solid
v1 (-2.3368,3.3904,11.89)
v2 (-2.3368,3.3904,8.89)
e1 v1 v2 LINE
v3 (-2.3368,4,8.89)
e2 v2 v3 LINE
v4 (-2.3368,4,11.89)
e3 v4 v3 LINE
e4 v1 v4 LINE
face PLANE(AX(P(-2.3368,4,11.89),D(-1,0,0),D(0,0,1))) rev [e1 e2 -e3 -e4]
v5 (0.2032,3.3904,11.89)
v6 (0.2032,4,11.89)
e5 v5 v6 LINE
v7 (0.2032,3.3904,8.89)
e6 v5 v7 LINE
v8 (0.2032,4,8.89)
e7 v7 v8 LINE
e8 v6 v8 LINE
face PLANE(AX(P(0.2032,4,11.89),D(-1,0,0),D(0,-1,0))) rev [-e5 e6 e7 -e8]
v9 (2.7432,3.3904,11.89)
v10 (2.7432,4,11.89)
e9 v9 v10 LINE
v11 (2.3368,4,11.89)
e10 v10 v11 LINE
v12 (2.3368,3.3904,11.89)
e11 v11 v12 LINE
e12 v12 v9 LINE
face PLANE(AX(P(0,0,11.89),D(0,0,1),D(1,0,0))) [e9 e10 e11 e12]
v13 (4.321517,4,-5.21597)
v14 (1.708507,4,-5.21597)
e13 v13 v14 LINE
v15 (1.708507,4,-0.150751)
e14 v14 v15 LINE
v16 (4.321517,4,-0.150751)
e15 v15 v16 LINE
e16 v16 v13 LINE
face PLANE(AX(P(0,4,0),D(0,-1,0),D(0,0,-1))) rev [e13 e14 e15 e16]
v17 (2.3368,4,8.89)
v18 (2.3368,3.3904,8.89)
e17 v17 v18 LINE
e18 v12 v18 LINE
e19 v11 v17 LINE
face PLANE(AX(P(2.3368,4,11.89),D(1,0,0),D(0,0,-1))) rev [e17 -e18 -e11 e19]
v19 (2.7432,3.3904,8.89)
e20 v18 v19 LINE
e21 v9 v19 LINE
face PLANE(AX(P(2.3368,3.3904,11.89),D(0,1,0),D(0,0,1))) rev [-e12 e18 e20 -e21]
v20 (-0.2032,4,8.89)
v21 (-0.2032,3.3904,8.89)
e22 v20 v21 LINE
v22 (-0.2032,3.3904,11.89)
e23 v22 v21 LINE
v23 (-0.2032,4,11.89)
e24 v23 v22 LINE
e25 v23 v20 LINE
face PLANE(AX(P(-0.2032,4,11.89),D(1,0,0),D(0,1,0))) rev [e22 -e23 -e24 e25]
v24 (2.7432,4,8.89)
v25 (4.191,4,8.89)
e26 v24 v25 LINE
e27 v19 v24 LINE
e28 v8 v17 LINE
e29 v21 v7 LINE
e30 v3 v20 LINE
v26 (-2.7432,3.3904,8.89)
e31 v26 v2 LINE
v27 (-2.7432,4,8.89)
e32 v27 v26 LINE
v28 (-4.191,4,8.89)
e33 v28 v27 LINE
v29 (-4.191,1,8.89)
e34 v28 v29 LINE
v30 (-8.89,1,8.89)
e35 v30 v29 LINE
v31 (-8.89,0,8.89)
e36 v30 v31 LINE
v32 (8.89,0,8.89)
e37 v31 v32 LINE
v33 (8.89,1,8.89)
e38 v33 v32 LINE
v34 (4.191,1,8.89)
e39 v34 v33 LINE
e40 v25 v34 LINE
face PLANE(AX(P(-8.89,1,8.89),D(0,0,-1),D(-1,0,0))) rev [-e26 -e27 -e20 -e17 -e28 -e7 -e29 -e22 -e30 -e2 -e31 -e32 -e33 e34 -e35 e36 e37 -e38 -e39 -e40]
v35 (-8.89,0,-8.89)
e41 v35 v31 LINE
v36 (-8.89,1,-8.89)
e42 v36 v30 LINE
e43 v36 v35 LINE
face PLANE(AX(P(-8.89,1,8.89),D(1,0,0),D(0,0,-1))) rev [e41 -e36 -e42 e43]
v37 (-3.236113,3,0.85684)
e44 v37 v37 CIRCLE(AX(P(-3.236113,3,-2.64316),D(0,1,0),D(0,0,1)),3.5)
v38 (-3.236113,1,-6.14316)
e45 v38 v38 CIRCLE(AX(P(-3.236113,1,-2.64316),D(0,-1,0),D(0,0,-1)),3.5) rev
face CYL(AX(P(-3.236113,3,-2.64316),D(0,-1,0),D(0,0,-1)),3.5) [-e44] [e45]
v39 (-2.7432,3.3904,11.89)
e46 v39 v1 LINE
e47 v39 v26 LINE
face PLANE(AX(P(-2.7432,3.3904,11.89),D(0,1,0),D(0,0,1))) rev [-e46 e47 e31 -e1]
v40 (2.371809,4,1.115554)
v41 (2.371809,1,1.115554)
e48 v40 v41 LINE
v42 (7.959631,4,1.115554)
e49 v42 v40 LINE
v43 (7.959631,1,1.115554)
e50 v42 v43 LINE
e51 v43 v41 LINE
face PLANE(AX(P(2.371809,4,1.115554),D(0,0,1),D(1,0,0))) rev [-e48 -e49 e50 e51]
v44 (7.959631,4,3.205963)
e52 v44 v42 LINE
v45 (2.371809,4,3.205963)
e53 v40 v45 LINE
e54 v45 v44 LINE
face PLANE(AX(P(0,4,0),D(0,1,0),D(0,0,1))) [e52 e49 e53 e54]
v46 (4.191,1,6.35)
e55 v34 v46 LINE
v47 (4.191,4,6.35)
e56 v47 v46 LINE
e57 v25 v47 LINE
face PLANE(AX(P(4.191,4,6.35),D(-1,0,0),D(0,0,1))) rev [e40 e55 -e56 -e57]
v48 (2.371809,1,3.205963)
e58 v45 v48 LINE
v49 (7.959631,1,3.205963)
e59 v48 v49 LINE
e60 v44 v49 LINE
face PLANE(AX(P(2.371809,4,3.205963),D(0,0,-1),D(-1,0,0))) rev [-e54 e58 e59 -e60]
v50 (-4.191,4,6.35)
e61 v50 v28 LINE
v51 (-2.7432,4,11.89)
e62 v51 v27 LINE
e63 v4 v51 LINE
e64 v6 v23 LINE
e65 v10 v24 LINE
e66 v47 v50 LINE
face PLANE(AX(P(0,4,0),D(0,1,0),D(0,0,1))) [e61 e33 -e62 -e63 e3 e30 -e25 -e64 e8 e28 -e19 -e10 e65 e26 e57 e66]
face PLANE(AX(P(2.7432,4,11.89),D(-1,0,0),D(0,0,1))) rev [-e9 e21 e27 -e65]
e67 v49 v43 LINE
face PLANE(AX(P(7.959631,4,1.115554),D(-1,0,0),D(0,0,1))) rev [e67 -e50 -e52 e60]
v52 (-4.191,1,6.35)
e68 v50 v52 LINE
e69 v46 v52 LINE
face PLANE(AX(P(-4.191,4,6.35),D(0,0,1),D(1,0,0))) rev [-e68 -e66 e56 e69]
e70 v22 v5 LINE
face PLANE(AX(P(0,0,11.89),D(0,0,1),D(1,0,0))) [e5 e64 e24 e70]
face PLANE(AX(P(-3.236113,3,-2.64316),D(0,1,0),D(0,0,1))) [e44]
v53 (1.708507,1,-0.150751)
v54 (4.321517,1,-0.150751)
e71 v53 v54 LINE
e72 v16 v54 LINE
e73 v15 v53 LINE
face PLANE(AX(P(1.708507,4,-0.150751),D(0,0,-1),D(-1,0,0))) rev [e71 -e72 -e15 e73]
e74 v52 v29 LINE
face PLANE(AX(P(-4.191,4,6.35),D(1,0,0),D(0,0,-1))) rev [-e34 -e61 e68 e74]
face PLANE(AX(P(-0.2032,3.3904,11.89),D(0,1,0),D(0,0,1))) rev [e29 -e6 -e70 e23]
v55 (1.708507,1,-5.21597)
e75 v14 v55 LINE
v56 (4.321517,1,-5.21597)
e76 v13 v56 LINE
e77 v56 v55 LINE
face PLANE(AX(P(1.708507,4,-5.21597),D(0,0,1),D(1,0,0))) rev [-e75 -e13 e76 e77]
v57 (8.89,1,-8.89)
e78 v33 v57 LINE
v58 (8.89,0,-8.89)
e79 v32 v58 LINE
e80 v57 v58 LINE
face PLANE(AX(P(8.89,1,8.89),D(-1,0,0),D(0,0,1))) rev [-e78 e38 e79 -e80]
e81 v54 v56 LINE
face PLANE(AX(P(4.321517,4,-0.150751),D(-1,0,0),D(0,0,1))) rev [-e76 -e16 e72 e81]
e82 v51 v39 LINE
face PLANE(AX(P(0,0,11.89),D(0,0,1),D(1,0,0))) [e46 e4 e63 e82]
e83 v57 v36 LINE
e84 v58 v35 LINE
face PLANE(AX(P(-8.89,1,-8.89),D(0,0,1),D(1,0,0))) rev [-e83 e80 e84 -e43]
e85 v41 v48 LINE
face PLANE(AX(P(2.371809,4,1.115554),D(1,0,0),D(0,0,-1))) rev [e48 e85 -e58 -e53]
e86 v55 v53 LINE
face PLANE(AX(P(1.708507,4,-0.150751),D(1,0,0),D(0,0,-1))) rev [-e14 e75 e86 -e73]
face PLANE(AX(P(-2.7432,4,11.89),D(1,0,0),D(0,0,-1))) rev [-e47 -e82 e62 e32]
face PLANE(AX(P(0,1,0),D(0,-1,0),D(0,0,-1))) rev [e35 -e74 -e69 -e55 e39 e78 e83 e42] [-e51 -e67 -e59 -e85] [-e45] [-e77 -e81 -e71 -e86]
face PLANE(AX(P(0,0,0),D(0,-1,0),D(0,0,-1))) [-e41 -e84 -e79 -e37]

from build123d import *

# Parameters (mm, degrees)
SKETCH1_W           = 17.78
SKETCH1_H           = 17.78
BOSS_EXTRUDE1_DEPTH = 1
SKETCH2_R           = 3.5
BOSS_EXTRUDE2_DEPTH = 2
SKETCH3_W           = 5.587821929
SKETCH3_H           = 2.090408203
SKETCH3_W_2         = 2.613010254
SKETCH3_H_2         = 5.065219877
BOSS_EXTRUDE3_DEPTH = 3
SKETCH4_W           = 8.382
SKETCH4_H           = 2.54
BOSS_EXTRUDE4_DEPTH = 3
SKETCH5_W           = 0.4064
SKETCH5_H           = 0.6096
BOSS_EXTRUDE5_DEPTH = 3


with BuildPart() as part:
    # Sketch1 → Boss-Extrude1 (new body)
    with BuildSketch(Plane(origin=(0, 0, 0), x_dir=(1, 0, 0), z_dir=(0, 1, 0))):
        Rectangle(SKETCH1_W, SKETCH1_H)
    extrude(amount=BOSS_EXTRUDE1_DEPTH)

    # Sketch2 → Boss-Extrude2 (add)
    with BuildSketch(Plane(origin=(0, 1, 0), x_dir=(1, 0, 0), z_dir=(0, 1, 0))):
        with Locations(Location((-3.2361127, 2.643160373, 0), (0, 0, 90))):
            Circle(SKETCH2_R)
    extrude(amount=BOSS_EXTRUDE2_DEPTH)

    # Sketch3 → Boss-Extrude3 (add)
    with BuildSketch(Plane(origin=(0, 1, 0), x_dir=(1, 0, 0), z_dir=(0, 1, 0))):
        with Locations((5.165720273, -2.16075848)):
            Rectangle(SKETCH3_W, SKETCH3_H)
        with Locations((3.015011832, 2.68336053)):
            Rectangle(SKETCH3_W_2, SKETCH3_H_2)
    extrude(amount=BOSS_EXTRUDE3_DEPTH)

    # Sketch4 → Boss-Extrude4 (add)
    with BuildSketch(Plane(origin=(0, 1, 0), x_dir=(1, 0, 0), z_dir=(0, 1, 0))):
        with Locations((0, -7.62)):
            Rectangle(SKETCH4_W, SKETCH4_H)
    extrude(amount=BOSS_EXTRUDE4_DEPTH)

    # Sketch5 → Boss-Extrude5 (add)
    with BuildSketch(Plane.XY.offset(8.89)):
        with Locations((-2.54, 3.6952)):
            Rectangle(SKETCH5_W, SKETCH5_H)
        with Locations((0, 3.6952)):
            Rectangle(SKETCH5_W, SKETCH5_H)
        with Locations((2.54, 3.6952)):
            Rectangle(SKETCH5_W, SKETCH5_H)
    extrude(amount=BOSS_EXTRUDE5_DEPTH)


solid = part.part
